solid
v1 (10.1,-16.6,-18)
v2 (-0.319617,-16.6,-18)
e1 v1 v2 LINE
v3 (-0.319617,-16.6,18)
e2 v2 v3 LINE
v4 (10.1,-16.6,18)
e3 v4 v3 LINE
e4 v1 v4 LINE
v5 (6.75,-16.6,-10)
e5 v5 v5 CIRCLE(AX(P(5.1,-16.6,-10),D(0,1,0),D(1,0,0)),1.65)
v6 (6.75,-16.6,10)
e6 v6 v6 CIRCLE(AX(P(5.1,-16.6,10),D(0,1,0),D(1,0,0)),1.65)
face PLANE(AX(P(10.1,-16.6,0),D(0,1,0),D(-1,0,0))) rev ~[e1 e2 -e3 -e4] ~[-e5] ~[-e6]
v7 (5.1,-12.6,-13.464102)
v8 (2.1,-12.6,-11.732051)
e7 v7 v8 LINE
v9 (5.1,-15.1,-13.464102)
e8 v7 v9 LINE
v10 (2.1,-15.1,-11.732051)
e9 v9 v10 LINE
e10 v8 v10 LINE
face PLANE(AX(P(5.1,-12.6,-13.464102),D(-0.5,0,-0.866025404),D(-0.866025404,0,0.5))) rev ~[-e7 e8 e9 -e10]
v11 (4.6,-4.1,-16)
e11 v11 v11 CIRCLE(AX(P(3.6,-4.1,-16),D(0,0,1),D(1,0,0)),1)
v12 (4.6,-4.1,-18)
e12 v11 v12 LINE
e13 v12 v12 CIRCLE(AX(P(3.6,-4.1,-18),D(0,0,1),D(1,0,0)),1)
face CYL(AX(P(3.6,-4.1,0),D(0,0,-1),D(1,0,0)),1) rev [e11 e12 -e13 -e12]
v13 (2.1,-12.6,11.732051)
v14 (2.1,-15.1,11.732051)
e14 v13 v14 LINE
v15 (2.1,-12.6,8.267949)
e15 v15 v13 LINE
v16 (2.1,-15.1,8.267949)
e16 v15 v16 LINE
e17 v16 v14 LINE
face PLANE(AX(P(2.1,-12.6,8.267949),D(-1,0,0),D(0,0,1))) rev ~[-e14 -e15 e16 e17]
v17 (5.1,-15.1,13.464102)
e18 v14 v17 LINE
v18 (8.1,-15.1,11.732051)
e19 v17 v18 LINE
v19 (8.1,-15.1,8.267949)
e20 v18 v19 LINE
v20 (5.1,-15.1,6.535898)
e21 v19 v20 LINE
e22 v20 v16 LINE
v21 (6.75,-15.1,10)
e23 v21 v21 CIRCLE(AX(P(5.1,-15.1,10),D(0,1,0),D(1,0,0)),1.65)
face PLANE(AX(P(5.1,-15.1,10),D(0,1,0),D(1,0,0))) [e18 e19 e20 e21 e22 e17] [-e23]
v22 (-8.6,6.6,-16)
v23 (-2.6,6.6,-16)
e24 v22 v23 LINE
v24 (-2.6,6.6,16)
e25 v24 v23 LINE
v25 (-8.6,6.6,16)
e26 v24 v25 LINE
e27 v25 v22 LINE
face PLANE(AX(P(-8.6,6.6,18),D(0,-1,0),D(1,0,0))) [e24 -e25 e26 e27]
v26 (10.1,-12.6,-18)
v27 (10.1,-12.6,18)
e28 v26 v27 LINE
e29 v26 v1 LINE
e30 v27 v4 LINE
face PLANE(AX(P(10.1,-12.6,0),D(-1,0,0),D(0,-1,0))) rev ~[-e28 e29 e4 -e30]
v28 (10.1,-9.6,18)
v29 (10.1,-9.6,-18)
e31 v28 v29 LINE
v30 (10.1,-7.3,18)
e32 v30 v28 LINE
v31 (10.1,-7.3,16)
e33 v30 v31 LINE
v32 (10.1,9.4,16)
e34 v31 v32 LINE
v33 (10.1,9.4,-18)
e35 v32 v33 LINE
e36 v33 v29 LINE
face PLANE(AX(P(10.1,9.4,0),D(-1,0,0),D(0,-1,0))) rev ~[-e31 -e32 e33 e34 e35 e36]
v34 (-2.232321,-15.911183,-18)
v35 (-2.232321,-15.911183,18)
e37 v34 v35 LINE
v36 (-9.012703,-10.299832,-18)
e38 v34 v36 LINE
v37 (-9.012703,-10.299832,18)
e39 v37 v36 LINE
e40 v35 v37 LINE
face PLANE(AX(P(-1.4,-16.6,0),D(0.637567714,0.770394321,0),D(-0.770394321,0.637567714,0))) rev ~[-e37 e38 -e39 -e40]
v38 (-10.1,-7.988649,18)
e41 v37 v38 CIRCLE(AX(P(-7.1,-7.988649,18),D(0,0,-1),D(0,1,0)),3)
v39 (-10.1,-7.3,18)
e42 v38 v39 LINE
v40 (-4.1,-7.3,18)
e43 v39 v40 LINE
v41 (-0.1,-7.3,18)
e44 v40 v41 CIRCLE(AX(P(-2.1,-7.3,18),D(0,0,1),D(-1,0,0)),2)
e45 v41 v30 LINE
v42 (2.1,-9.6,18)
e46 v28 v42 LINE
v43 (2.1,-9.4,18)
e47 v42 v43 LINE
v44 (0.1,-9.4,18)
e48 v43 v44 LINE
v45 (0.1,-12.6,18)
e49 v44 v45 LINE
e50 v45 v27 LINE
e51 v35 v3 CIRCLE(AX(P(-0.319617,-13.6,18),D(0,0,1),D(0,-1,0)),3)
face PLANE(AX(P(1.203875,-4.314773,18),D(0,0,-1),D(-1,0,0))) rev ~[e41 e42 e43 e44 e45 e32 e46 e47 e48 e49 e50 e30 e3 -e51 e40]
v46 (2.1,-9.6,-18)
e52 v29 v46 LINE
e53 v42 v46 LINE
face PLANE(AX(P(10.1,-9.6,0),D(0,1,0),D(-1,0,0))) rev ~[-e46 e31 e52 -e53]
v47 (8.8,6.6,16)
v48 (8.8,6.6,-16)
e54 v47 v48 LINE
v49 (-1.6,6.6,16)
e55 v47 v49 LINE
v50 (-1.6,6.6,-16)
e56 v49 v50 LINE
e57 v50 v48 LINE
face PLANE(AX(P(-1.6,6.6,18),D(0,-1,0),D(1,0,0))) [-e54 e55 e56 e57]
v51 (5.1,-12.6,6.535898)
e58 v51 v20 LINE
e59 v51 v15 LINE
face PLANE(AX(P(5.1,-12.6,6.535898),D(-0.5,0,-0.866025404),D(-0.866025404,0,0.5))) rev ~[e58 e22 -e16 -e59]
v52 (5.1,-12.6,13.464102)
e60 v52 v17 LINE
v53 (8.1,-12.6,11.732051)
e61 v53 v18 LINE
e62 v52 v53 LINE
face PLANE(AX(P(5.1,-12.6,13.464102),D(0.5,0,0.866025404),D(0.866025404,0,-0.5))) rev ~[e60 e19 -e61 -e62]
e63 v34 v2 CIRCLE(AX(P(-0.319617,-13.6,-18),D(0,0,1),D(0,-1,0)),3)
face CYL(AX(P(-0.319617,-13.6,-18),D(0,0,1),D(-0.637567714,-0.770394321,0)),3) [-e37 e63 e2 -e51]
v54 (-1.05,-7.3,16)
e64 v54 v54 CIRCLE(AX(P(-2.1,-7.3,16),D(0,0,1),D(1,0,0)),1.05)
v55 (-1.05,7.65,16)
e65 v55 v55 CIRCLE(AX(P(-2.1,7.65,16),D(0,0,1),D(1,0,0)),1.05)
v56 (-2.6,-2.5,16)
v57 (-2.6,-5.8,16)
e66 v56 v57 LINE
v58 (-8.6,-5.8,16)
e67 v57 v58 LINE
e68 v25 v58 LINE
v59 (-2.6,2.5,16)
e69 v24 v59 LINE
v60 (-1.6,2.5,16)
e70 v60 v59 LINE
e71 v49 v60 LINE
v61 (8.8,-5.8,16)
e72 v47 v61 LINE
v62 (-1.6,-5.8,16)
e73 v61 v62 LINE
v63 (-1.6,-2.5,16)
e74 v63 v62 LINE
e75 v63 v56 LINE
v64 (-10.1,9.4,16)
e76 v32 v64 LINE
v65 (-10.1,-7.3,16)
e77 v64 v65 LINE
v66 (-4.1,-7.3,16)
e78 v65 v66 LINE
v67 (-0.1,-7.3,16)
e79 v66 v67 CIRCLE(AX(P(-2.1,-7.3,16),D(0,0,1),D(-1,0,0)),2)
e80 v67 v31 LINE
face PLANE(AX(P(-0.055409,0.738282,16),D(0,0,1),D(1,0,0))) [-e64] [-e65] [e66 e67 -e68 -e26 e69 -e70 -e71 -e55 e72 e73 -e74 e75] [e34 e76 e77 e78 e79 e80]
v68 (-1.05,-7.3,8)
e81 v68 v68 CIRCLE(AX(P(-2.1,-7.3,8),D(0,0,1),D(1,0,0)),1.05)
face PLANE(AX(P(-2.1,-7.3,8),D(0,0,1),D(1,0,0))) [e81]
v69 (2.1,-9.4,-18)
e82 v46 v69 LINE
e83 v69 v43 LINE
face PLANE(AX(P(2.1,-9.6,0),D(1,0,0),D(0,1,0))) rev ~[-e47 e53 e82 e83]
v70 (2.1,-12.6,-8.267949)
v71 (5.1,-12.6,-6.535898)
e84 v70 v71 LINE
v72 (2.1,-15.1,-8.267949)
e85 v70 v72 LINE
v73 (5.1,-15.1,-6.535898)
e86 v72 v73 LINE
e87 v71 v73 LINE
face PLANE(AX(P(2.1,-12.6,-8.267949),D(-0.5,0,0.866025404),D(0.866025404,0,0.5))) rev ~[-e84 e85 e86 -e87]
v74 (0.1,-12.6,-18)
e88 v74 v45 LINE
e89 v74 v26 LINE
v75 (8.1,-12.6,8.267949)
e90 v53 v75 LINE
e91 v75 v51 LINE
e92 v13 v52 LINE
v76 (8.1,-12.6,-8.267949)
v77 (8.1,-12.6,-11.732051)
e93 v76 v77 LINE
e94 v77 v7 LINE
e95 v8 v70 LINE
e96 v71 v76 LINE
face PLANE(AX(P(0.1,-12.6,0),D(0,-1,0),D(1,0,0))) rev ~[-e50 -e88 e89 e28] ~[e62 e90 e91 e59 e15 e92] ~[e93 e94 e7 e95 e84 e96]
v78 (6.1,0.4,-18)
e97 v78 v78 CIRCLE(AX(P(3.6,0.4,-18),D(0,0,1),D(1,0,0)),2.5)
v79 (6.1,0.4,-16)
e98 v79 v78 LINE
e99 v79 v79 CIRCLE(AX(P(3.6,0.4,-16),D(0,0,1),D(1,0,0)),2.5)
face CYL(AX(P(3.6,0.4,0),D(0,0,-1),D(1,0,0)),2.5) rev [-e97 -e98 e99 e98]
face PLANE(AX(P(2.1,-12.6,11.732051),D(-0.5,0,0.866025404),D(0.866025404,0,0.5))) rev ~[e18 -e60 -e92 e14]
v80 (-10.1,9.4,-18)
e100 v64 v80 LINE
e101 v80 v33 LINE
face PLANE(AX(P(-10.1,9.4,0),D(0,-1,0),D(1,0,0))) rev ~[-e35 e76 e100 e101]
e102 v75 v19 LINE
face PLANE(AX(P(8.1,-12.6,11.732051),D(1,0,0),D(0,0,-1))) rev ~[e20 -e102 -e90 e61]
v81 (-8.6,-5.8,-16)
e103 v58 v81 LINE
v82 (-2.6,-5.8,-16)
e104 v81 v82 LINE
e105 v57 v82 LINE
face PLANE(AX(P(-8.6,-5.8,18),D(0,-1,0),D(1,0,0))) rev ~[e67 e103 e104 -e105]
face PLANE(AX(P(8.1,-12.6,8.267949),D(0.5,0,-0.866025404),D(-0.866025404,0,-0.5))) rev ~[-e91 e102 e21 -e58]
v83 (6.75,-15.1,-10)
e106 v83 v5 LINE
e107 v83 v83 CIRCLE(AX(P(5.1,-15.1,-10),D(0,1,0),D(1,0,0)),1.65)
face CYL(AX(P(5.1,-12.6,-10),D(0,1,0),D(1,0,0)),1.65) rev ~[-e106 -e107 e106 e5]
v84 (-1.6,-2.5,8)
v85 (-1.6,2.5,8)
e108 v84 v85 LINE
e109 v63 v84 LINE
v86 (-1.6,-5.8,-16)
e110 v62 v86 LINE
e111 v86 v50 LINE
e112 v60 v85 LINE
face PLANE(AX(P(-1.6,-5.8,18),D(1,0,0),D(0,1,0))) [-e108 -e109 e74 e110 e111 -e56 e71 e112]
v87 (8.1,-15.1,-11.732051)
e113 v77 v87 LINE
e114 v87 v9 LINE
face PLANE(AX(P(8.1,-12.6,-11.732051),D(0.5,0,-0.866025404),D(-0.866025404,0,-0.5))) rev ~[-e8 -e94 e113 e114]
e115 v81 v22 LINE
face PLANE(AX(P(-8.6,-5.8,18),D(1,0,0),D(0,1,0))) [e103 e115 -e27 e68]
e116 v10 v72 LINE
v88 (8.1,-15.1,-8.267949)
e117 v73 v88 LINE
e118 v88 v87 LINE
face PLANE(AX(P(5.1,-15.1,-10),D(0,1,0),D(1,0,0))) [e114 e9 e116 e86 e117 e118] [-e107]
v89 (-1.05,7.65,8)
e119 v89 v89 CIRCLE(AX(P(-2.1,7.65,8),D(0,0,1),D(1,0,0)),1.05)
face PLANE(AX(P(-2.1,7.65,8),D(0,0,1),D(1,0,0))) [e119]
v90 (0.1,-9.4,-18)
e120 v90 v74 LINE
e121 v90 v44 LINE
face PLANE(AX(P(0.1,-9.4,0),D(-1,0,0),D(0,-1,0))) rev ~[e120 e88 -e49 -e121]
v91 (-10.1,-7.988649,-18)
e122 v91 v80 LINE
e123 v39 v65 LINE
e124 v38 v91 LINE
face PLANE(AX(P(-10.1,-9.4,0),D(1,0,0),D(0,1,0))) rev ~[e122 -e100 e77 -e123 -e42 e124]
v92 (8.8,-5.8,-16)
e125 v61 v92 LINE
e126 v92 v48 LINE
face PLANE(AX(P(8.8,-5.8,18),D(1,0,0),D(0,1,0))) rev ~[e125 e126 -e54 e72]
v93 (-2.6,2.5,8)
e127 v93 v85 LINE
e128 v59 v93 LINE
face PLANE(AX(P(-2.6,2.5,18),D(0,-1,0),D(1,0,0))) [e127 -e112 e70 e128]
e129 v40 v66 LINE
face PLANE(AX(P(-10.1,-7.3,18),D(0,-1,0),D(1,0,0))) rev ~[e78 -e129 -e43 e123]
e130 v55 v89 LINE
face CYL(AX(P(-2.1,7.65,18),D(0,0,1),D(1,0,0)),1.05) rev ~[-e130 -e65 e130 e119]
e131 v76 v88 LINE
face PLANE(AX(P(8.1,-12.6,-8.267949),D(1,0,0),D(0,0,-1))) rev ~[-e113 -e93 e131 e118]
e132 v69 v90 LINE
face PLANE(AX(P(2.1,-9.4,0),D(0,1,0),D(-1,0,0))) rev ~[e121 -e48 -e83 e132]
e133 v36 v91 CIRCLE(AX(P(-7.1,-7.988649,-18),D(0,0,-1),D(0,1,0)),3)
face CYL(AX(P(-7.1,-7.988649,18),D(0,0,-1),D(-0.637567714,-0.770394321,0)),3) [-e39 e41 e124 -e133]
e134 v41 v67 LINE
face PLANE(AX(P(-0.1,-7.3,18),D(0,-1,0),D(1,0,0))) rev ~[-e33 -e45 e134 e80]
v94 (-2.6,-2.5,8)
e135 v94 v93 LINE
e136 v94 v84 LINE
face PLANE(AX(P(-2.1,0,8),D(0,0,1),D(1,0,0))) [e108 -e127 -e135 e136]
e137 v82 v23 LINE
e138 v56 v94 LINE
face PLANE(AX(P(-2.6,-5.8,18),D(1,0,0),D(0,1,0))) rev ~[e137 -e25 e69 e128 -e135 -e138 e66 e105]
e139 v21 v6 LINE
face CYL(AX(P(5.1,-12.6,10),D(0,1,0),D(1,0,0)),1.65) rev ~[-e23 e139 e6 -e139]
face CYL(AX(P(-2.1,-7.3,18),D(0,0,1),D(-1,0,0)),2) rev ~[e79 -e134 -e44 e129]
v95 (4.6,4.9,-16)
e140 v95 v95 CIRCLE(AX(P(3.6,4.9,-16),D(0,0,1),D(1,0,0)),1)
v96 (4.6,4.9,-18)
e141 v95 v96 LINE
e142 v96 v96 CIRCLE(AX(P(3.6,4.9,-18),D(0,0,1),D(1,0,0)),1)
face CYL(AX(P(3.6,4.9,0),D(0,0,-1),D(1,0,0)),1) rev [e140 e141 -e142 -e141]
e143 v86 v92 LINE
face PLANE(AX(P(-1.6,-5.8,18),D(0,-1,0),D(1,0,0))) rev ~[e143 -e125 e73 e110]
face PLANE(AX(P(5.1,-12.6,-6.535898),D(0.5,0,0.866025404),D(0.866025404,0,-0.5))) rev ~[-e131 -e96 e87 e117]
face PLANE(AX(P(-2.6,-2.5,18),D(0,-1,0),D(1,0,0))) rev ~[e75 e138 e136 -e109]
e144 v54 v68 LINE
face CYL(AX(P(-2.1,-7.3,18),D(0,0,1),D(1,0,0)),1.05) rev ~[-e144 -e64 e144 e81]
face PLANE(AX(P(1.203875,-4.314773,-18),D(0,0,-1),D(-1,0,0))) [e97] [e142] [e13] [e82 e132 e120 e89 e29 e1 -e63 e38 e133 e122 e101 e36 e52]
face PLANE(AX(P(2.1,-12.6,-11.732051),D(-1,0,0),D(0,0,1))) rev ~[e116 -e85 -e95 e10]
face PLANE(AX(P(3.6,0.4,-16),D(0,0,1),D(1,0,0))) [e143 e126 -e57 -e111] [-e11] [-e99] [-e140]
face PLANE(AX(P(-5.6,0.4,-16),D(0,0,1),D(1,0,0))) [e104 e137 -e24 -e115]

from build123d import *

# Parameters (mm, degrees)
ESBO_O1_W                = 6
ESBO_O1_H                = 12.4
ESBO_O1_W_2              = 10.4
ESBO_O1_R                = 1
ESBO_O1_R_2              = 2.5
RESSALTO_EXTRUS_O1_DEPTH = 18
CORTE_EXTRUS_O5_START    = 18
ESBO_O1_3_W              = 6
ESBO_O1_3_H              = 12.4
ESBO_O1_3_W_2            = 10.4
ESBO_O1_3_R              = 1
ESBO_O1_3_R_2            = 2.5
CORTE_EXTRUS_O5_DEPTH    = 34
ESBO_O3_R                = 1.05
ESBO_O3_W                = 1
ESBO_O3_H                = 5
CORTE_EXTRUS_O3_DEPTH    = 10
CORTE_EXTRUS_O4_DEPTH    = 2
ESBO_O5_R                = 1.65
CORTE_EXTRUS_O6_DEPTH    = 2.5
ESBO_O5_2_R              = 1.65
CORTE_EXTRUS_O7_DEPTH    = 5
FILETE1_R                = 3


with BuildPart() as part:
    # Esboço1 → Ressalto-extrusão1 (new body, symmetric)
    with BuildSketch(Plane.XY):
        Polygon((-1.4, -16.6), (-10.1, -9.4), (-10.1, 9.4), (10.1, 9.4), (10.1, -9.6), (2.1, -9.6), (2.1, -9.4), (0.1, -9.4), (0.1, -12.6), (10.1, -12.6), (10.1, -16.6), align=None)
        with Locations((-5.6, 0.4)):
            Rectangle(ESBO_O1_W, ESBO_O1_H, mode=Mode.SUBTRACT)
        with Locations((3.6, 0.4)):
            Rectangle(ESBO_O1_W_2, ESBO_O1_H, mode=Mode.SUBTRACT)
        with Locations((-5.6, 0.4)):
            Rectangle(ESBO_O1_W, ESBO_O1_H)
        with Locations((3.6, 0.4)):
            Rectangle(ESBO_O1_W_2, ESBO_O1_H)
        with Locations((3.6, 4.9)):
            Circle(ESBO_O1_R, mode=Mode.SUBTRACT)
        with Locations((3.6, -4.1)):
            Circle(ESBO_O1_R, mode=Mode.SUBTRACT)
        with Locations((3.6, 0.4)):
            Circle(ESBO_O1_R_2, mode=Mode.SUBTRACT)
    extrude(amount=RESSALTO_EXTRUS_O1_DEPTH, both=True)

    # Esboço1<3> → Corte-extrusão5 (cut)
    with BuildSketch(Plane.XY.offset(CORTE_EXTRUS_O5_START)):
        with Locations((-5.6, 0.4)):
            Rectangle(ESBO_O1_3_W, ESBO_O1_3_H)
        with Locations((3.6, 0.4)):
            Rectangle(ESBO_O1_3_W_2, ESBO_O1_3_H)
        with Locations((3.6, 4.9)):
            Circle(ESBO_O1_3_R, mode=Mode.SUBTRACT)
        with Locations((3.6, -4.1)):
            Circle(ESBO_O1_3_R, mode=Mode.SUBTRACT)
        with Locations((3.6, 0.4)):
            Circle(ESBO_O1_3_R_2, mode=Mode.SUBTRACT)
    extrude(amount=-CORTE_EXTRUS_O5_DEPTH, mode=Mode.SUBTRACT)

    # Esboço3 → Corte-extrusão3 (cut)
    with BuildSketch(Plane.XY.offset(18)):
        with Locations((-2.1, 7.65)):
            Circle(ESBO_O3_R)
        with Locations((-2.1, -7.3)):
            Circle(ESBO_O3_R)
        with Locations((-2.1, 0)):
            Rectangle(ESBO_O3_W, ESBO_O3_H)
    extrude(amount=-CORTE_EXTRUS_O3_DEPTH, mode=Mode.SUBTRACT)

    # Esboço4 → Corte-extrusão4 (cut)
    with BuildSketch(Plane.XY.offset(18)):
        with BuildLine():
            Line((-10.1, 9.4), (-10.1, -7.3))
            Line((-10.1, -7.3), (-4.1, -7.3))
            ThreePointArc((-4.1, -7.3), (-2.1, -9.3), (-0.1, -7.3))
            Line((-0.1, -7.3), (10.1, -7.3))
            Line((10.1, -7.3), (10.1, 9.4))
            Line((10.1, 9.4), (-10.1, 9.4))
        make_face()
    extrude(amount=-CORTE_EXTRUS_O4_DEPTH, mode=Mode.SUBTRACT)

    # Esboço5 → Corte-extrusão6 (cut)
    with BuildSketch(Plane(origin=(0, -12.6, 0), x_dir=(1, 0, 0), z_dir=(0, 1, 0))):
        Polygon((5.1, 6.535898385), (8.1, 8.267949192), (8.1, 11.732050808), (5.1, 13.464101615), (2.1, 11.732050808), (2.1, 8.267949192), align=None)
        with Locations((5.1, 10)):
            Circle(ESBO_O5_R, mode=Mode.SUBTRACT)
        Polygon((5.1, -13.464101615), (8.1, -11.732050808), (8.1, -8.267949192), (5.1, -6.535898385), (2.1, -8.267949192), (2.1, -11.732050808), align=None)
        with Locations((5.1, -10)):
            Circle(ESBO_O5_R, mode=Mode.SUBTRACT)
    extrude(amount=-CORTE_EXTRUS_O6_DEPTH, mode=Mode.SUBTRACT)

    # Esboço5<2> → Corte-extrusão7 (cut, through all)
    with BuildSketch(Plane(origin=(0, -12.6, 0), x_dir=(1, 0, 0), z_dir=(0, 1, 0))):
        with Locations((5.1, -10)):
            Circle(ESBO_O5_2_R)
        with Locations((5.1, 10)):
            Circle(ESBO_O5_2_R)
    extrude(amount=-CORTE_EXTRUS_O7_DEPTH, mode=Mode.SUBTRACT)

    # Filete1
    filete1_edges = [part.edges().sort_by_distance(p)[0] for p in [
        (-10.1, -9.4, 0),
        (-1.4, -16.6, 0),
    ]]
    fillet(filete1_edges, radius=FILETE1_R)


solid = part.part
